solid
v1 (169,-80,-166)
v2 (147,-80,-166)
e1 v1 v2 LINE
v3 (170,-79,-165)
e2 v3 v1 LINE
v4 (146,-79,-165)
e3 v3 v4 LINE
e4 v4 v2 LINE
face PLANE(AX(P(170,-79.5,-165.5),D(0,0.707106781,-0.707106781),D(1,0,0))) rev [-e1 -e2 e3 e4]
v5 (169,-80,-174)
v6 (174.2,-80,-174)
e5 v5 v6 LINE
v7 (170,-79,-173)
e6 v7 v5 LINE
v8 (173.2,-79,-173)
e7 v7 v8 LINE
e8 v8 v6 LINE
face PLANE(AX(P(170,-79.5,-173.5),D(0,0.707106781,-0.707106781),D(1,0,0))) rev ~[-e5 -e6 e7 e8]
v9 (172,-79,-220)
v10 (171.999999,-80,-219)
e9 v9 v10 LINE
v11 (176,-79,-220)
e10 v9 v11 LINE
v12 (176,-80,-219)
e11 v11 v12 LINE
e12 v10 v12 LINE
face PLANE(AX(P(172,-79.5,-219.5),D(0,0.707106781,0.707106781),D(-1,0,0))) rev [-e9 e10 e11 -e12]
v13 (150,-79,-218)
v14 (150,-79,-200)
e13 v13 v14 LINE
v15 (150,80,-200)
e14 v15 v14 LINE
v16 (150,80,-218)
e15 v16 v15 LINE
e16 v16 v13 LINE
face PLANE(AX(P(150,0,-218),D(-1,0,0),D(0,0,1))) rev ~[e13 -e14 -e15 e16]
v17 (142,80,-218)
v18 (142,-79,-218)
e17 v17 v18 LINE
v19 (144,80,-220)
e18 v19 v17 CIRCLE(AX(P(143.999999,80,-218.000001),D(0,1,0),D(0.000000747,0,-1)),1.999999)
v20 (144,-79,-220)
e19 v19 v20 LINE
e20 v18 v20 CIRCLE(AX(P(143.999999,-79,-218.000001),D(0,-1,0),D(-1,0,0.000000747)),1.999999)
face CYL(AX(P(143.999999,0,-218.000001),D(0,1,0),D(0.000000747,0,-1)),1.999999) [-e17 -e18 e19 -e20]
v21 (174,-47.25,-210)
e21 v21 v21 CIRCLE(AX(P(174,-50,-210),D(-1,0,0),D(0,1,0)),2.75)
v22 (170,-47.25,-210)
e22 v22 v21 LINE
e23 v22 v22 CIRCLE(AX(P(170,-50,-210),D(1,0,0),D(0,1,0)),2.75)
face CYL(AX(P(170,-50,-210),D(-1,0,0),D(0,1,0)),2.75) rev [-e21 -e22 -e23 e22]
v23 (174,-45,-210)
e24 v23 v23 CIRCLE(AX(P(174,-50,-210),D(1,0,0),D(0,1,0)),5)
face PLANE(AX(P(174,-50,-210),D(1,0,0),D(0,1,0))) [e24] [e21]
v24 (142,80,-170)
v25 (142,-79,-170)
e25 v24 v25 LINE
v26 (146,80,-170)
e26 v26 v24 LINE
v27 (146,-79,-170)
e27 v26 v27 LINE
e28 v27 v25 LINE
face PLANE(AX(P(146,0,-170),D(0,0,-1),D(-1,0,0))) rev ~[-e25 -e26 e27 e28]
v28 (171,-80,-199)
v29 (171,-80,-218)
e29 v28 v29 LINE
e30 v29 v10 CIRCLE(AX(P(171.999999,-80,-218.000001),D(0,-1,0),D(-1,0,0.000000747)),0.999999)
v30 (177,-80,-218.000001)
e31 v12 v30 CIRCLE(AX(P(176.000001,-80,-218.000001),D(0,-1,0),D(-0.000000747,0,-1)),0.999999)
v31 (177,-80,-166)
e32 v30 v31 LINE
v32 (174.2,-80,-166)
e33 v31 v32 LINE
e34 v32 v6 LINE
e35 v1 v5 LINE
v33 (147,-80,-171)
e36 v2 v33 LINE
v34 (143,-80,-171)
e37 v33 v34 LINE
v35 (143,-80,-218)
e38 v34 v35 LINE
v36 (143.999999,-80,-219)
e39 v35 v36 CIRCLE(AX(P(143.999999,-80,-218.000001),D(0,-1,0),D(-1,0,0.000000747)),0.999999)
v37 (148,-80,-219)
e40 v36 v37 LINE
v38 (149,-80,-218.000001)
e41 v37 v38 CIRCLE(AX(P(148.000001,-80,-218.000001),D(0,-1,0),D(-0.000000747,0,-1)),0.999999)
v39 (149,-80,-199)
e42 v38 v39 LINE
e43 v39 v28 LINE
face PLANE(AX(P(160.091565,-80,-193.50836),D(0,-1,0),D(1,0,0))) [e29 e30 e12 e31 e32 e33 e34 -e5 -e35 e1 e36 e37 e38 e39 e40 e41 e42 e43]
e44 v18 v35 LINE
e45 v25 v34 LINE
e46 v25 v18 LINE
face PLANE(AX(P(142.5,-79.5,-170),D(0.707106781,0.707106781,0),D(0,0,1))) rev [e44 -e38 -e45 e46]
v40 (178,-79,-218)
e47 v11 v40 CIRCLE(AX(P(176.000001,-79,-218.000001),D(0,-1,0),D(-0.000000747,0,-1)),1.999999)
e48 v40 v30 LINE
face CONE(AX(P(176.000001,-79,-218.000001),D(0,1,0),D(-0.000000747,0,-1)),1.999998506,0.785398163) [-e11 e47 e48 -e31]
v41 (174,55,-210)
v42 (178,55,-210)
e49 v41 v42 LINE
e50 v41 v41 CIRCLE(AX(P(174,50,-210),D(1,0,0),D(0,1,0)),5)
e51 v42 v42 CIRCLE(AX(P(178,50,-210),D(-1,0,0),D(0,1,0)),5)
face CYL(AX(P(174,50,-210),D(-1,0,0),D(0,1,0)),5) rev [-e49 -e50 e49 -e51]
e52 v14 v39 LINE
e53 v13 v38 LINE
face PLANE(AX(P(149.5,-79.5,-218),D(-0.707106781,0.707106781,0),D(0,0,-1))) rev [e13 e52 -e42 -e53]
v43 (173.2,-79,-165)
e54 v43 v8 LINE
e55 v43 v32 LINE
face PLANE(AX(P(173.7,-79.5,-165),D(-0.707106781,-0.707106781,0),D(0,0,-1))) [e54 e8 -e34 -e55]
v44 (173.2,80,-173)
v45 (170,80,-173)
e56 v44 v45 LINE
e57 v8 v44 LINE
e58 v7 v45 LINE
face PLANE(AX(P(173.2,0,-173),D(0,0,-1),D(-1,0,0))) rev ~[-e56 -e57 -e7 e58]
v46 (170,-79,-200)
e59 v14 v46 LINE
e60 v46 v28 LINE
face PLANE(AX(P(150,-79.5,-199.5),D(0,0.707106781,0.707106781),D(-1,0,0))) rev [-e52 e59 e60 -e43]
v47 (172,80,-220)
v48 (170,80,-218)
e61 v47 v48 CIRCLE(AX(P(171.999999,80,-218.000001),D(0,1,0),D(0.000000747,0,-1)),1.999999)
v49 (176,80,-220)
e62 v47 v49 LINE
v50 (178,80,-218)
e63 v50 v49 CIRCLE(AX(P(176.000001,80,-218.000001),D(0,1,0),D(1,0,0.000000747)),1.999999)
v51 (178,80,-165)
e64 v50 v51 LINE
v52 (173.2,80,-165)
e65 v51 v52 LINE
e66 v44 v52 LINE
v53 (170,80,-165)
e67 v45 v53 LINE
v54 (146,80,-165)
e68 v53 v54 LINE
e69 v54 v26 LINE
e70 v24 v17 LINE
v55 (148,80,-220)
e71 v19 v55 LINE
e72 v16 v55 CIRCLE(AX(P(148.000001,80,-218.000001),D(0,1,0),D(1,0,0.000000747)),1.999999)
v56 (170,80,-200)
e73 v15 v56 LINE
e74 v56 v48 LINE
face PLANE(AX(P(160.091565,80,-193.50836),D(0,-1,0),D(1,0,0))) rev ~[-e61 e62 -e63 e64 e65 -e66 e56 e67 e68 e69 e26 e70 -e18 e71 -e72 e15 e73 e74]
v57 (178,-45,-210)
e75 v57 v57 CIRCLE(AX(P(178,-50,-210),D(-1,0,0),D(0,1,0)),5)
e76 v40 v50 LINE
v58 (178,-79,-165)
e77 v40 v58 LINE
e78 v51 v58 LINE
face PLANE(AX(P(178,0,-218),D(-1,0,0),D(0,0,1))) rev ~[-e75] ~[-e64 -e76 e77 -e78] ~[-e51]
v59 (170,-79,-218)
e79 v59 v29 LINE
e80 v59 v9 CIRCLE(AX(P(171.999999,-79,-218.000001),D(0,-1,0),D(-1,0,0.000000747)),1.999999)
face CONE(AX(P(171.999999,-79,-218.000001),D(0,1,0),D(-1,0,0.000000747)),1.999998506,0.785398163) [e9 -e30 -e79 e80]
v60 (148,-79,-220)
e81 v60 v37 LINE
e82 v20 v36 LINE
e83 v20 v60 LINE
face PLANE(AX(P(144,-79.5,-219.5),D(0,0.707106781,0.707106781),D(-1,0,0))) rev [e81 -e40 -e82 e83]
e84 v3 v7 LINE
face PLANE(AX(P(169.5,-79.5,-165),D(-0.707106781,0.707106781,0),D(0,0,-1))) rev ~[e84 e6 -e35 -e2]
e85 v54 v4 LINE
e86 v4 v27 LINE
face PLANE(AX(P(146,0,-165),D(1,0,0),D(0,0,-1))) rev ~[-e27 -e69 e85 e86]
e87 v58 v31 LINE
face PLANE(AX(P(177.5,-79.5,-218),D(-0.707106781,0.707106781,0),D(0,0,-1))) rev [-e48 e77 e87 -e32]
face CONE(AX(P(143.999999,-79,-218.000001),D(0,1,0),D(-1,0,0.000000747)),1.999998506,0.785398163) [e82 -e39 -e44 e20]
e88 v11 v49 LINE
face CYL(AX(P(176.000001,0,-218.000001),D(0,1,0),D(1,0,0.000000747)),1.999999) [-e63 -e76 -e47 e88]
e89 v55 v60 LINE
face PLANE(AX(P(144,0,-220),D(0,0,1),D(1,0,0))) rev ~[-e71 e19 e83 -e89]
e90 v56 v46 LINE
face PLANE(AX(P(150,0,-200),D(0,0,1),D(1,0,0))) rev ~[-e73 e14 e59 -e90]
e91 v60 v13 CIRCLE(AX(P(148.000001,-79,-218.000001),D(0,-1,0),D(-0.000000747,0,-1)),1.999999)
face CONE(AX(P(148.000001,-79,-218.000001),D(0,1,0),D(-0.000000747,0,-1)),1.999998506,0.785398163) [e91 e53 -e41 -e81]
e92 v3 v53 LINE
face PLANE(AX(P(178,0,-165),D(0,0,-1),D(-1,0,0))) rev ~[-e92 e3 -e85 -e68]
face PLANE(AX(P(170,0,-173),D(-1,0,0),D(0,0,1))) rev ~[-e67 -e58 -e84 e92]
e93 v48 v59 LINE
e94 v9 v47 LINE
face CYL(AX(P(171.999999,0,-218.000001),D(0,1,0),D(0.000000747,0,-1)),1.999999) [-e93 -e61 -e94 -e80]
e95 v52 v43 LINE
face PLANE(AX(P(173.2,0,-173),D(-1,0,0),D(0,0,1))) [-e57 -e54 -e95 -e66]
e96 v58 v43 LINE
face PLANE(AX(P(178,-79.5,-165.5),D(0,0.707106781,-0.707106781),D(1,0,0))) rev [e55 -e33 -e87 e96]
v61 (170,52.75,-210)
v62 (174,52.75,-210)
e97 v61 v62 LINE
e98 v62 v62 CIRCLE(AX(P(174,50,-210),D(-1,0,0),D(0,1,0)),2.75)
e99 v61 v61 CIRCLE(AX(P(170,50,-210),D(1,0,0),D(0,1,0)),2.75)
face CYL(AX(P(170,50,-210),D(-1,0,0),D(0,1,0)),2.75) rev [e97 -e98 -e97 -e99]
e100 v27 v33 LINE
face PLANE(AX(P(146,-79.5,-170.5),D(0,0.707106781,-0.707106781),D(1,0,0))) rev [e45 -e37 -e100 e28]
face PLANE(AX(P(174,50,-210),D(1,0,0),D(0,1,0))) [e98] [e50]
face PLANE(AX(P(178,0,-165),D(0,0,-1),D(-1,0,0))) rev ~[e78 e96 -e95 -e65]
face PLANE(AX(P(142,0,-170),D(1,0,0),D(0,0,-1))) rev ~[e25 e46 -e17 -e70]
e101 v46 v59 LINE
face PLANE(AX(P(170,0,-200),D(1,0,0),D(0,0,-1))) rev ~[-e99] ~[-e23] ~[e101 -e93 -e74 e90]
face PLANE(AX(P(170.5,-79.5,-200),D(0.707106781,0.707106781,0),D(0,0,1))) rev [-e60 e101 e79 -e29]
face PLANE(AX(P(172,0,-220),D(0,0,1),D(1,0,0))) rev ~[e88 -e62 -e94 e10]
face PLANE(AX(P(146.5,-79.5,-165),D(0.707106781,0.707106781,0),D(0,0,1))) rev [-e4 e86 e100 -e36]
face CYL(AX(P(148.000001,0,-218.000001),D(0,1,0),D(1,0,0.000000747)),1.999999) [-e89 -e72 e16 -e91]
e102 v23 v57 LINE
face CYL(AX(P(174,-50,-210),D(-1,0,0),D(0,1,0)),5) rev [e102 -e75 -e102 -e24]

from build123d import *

# Parameters (mm, degrees)
PAD119_DEPTH            = 80
SKETCH530_R             = 2.75
POCKET373_DEPTH         = 8.001
SKETCH531_R             = 5
POCKET374_DEPTH         = 4.001
SKETCH538_W             = 3.2
SKETCH538_H             = 8
POCKET380_DEPTH         = 80.001
POCKET380_DEPTH_BACK    = 80.001
CHAMFER035_SIZE         = 1
BODY190_PLACEMENT_ANGLE = 90


with BuildPart() as part:
    # Sketch529 → Pad119 (new body, symmetric)
    with BuildSketch(Plane.YZ):
        with BuildLine():
            Line((-8, 2), (-8, 55))
            Line((-8, 55), (24, 55))
            Line((24, 55), (24, 50))
            Line((24, 50), (28, 50))
            Line((28, 50), (28, 2))
            ThreePointArc((26, 0), (27.414214, 0.585786), (28, 2))
            Line((26, 0), (22, 0))
            ThreePointArc((20, 2), (20.585786, 0.585786), (22, 0))
            Line((20, 2), (20, 20))
            Line((20, 20), (0, 20))
            Line((0, 20), (0, 2))
            ThreePointArc((-2, 0), (-0.585786, 0.585786), (0, 2))
            Line((-2, 0), (-6, 0))
            ThreePointArc((-8, 2), (-7.414214, 0.585786), (-6, 0))
        make_face()
    extrude(amount=PAD119_DEPTH, both=True)

    # Sketch530 → Pocket373 (cut, through all)
    with BuildSketch(Plane.XZ):
        with Locations((-50, 10)):
            Circle(SKETCH530_R)
        with Locations((50, 10)):
            Circle(SKETCH530_R)
    extrude(amount=POCKET373_DEPTH, mode=Mode.SUBTRACT)

    # Sketch531 → Pocket374 (cut, through all)
    with BuildSketch(Plane.XZ.offset(4)):
        with Locations((50, 10)):
            Circle(SKETCH531_R)
        with Locations((-50, 10)):
            Circle(SKETCH531_R)
    extrude(amount=POCKET374_DEPTH, mode=Mode.SUBTRACT)

    # Sketch538 → Pocket380 (cut, two sides)
    with BuildSketch(Plane.YZ) as pocket380_sk:
        with Locations((-1.6, 51)):
            Rectangle(SKETCH538_W, SKETCH538_H)
    extrude(amount=-POCKET380_DEPTH, mode=Mode.SUBTRACT)
    extrude(pocket380_sk.sketch, amount=POCKET380_DEPTH_BACK, mode=Mode.SUBTRACT)

    # Chamfer035
    chamfer035_edges = [part.edges().sort_by_distance(p)[0] for p in [
        (-80, -4, 0),
        (-80, -7.414214, 0.585786),
        (-80, -8, 28.5),
        (-80, -5.6, 55),
        (-80, -3.2, 51),
        (-80, -1.6, 47),
        (-80, 0, 51),
        (-80, 12, 55),
        (-80, 24, 52.5),
        (-80, 26, 50),
        (-80, 28, 26),
        (-80, 27.414214, 0.585786),
        (-80, 24, 0),
        (-80, 20.585786, 0.585786),
        (-80, 20, 11),
        (-80, 10, 20),
        (-80, 0, 11),
        (-80, -0.585786, 0.585786),
    ]]
    chamfer(chamfer035_edges, length=CHAMFER035_SIZE)


with BuildPart() as part_1:
    # Body190 placement: moved
    add(part.part.moved(Location((170, 0, -220))).rotate(Axis((170, 0, -220), (0, 0, 1)), BODY190_PLACEMENT_ANGLE))


solid = part_1.part
